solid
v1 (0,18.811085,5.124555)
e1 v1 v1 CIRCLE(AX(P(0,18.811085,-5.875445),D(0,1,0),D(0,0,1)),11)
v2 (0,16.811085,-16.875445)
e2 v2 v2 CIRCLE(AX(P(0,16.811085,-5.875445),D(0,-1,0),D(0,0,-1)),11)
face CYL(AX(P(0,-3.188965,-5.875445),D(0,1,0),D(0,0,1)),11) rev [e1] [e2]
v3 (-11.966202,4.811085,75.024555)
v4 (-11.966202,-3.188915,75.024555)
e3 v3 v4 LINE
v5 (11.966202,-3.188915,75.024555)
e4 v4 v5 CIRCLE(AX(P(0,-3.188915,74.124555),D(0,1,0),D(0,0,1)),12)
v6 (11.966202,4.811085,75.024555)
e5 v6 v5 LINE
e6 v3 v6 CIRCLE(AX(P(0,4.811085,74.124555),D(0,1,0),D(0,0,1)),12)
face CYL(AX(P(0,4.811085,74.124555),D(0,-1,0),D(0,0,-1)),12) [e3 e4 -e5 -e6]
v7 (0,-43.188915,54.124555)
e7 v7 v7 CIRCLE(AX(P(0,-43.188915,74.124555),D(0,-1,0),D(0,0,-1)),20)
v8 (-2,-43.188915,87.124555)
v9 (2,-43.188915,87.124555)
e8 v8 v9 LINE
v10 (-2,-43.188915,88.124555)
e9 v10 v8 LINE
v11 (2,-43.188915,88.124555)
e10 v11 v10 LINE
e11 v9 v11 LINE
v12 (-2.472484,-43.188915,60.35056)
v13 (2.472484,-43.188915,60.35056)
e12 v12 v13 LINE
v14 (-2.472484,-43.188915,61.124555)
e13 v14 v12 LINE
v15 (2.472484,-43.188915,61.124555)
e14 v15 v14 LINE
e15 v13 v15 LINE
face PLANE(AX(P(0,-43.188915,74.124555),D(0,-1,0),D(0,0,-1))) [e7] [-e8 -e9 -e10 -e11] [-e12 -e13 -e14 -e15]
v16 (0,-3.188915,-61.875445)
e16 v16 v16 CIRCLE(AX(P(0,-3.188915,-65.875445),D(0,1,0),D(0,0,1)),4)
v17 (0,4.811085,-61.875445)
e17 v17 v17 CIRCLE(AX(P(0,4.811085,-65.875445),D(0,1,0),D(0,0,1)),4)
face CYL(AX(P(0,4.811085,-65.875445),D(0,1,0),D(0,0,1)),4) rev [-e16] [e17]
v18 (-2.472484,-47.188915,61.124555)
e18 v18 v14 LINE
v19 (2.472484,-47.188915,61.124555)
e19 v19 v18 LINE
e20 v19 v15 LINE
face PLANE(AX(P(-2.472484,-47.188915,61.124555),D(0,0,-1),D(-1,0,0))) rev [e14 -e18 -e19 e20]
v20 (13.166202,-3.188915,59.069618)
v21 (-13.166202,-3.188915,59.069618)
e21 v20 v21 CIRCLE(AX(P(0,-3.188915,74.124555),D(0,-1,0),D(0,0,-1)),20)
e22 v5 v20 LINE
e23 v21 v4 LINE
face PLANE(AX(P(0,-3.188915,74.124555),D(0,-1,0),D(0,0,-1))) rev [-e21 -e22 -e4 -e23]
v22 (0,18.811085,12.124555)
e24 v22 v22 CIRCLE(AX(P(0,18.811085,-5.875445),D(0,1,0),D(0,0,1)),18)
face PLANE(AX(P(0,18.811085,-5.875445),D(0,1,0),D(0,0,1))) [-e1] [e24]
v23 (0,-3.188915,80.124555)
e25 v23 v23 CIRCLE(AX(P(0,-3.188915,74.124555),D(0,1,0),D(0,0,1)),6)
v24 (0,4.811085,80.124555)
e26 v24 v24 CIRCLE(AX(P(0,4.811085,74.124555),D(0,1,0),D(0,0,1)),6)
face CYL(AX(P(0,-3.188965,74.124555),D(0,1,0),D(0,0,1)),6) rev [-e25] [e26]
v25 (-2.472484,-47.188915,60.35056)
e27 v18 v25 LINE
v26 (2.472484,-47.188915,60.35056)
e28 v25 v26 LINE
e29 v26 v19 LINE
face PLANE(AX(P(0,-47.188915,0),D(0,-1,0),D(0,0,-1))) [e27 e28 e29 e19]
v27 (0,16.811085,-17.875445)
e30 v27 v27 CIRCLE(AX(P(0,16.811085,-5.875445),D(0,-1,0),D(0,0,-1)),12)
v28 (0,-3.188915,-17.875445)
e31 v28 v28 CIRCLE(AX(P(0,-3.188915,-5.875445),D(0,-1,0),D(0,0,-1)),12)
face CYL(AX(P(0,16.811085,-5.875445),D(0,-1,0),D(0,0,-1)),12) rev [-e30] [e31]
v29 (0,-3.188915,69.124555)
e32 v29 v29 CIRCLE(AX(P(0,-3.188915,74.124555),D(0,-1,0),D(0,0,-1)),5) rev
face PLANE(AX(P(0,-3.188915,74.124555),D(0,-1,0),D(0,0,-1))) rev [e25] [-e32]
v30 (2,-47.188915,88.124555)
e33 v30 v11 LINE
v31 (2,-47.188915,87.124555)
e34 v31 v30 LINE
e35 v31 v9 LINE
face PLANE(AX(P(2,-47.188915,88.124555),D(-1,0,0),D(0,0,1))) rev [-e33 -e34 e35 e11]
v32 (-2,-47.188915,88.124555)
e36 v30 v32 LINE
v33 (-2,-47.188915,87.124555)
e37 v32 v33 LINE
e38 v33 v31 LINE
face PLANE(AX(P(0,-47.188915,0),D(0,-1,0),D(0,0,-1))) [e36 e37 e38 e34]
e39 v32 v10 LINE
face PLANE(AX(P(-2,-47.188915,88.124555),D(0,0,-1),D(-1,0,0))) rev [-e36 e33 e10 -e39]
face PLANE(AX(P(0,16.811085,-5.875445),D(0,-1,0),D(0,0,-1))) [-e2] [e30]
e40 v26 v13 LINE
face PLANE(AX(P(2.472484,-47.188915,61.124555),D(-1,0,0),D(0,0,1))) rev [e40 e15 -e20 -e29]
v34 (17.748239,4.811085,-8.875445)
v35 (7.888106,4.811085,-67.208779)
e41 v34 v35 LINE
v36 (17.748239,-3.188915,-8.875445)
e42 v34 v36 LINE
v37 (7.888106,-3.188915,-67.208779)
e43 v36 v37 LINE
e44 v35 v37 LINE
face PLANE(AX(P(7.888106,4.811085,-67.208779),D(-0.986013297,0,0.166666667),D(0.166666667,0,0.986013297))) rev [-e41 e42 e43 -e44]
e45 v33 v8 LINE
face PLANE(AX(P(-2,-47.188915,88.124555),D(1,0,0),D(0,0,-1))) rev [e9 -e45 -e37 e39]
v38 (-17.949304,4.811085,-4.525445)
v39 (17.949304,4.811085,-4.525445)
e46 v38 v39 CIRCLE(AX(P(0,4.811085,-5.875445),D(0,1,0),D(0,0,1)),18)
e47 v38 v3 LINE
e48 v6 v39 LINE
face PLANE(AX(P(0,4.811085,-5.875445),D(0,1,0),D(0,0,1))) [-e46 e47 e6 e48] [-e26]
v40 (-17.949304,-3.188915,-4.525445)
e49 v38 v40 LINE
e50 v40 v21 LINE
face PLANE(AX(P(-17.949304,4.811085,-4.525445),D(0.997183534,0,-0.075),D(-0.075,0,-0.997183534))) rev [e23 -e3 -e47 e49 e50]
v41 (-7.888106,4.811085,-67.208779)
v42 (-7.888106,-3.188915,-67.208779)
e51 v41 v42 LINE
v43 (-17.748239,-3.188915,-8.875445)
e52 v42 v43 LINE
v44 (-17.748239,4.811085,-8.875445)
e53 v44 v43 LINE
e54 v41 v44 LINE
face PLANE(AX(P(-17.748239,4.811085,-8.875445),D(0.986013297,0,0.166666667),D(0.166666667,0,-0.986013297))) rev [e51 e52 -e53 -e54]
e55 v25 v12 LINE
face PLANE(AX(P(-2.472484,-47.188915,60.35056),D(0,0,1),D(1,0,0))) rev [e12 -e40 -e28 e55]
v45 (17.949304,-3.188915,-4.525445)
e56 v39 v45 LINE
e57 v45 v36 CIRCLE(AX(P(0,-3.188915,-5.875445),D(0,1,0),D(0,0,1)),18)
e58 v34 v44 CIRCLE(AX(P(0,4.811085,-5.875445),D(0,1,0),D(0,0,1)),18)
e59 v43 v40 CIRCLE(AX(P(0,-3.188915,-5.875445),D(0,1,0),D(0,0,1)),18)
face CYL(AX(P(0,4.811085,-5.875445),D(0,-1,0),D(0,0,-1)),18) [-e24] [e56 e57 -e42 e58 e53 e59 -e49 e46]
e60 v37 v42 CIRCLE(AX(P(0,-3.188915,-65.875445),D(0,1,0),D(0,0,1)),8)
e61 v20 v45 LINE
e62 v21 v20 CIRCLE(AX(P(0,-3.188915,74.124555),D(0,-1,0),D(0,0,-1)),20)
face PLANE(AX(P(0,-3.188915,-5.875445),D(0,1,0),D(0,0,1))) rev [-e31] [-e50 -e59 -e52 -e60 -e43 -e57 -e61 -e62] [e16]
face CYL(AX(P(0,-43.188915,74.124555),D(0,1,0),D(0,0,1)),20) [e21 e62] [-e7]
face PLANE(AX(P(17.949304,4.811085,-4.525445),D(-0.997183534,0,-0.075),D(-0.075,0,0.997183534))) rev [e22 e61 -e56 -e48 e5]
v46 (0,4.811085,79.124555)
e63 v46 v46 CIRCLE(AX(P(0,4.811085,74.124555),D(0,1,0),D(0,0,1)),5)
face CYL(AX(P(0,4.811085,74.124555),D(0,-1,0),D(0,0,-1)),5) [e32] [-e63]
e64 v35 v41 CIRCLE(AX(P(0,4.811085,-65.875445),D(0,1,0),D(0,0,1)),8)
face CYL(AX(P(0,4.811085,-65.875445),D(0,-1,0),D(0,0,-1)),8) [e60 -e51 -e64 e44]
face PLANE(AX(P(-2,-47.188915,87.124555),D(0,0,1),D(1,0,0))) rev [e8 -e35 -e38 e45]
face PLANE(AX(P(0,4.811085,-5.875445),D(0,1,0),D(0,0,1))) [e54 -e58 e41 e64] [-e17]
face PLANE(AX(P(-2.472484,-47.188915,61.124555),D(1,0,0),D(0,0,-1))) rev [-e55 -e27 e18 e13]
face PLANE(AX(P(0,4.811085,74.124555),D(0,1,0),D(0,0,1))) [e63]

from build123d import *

# Parameters (mm, degrees)
EXTRUDE_1_DEPTH       = 4
SKETCH_3_R            = 9
EXTRUDE_2_DEPTH       = 7
SKETCH_4_R            = 3
CUT_EXTRUDE_1_DEPTH   = 48.391982444
SKETCH_5_R            = 6
CUT_EXTRUDE_2_DEPTH   = 10
SKETCH_7_R            = 5.5
CUT_EXTRUDE_3_DEPTH   = 49.145612469
HOLE_WIZARD_4_0_4_1_D = 4
SCALE1_SCALE          = 2
SKETCH1_R             = 20
EXTRUDE1_DEPTH        = 40
SKETCH2_R             = 5
EXTRUDE2_DEPTH        = 8
SKETCH3_W             = 4
SKETCH3_H             = 1
SKETCH3_W_2           = 4.944968004
SKETCH3_H_2           = 0.773994992
EXTRUDE3_DEPTH        = 4


with BuildPart() as part:
    # 草图1 → 凸台-拉伸1 (new body)
    with BuildSketch(Plane(origin=(0, 0, 0), x_dir=(1, 0, 0), z_dir=(0, 1, 0))):
        with BuildLine():
            Line((-8.974651804, -0.675), (-5.983101203, -40.45))
            ThreePointArc((-5.983101203, -40.45), (0, -46), (5.983101203, -40.45))
            Line((5.983101203, -40.45), (8.974651804, -0.675))
            ThreePointArc((8.974651804, -0.675), (8.990401386, 0.415551353), (8.874119675, 1.5))
            Line((8.874119675, 1.5), (3.944053189, 30.666666667))
            ThreePointArc((3.944053189, 30.666666667), (0, 34), (-3.944053189, 30.666666667))
            Line((-3.944053189, 30.666666667), (-8.874119675, 1.5))
            ThreePointArc((-8.874119675, 1.5), (-8.990401386, 0.415551353), (-8.974651804, -0.675))
        make_face()
    extrude(amount=EXTRUDE_1_DEPTH)

    # 草图3 → 凸台-拉伸2 (add)
    with BuildSketch(Plane(origin=(0, 4, 0), x_dir=(1, 0, 0), z_dir=(0, 1, 0))):
        with Locations(Location((0, 0, 0), (0, 0, 9.594068227))):
            Circle(SKETCH_3_R)
    extrude(amount=EXTRUDE_2_DEPTH)

    # 草图4 → 切除-拉伸1 (cut, through all)
    with BuildSketch(Plane(origin=(0, 4, 0), x_dir=(1, 0, 0), z_dir=(0, 1, 0))):
        with Locations(Location((0, -40, 0), (0, 0, 270))):
            Circle(SKETCH_4_R)
    extrude(amount=-CUT_EXTRUDE_1_DEPTH, mode=Mode.SUBTRACT)

    # 草图5 → 切除-拉伸2 (cut)
    with BuildSketch(Plane.XZ):
        with Locations(Location((0, 0, 0), (0, 0, 270))):
            Circle(SKETCH_5_R)
    extrude(amount=-CUT_EXTRUDE_2_DEPTH, mode=Mode.SUBTRACT)

    # 草图7 → 切除-拉伸3 (cut, through all)
    with BuildSketch(Plane(origin=(0, 11, 0), x_dir=(1, 0, 0), z_dir=(0, 1, 0))):
        with Locations(Location((0, 0, 0), (0, 0, 270))):
            Circle(SKETCH_7_R)
    extrude(amount=-CUT_EXTRUDE_3_DEPTH, mode=Mode.SUBTRACT)

    # Ø4.0 (4) 直径孔1 (through all)
    with Locations(Plane(origin=(0, 4, 0), x_dir=(1, 0, 0), z_dir=(0, 1, 0))):
        with Locations((0, 30)):
            Hole(HOLE_WIZARD_4_0_4_1_D / 2)


with BuildPart() as part_1:
    # Scale1: scaled about (0, 3.188915264, 5.875445323)
    add(part.part.scale(SCALE1_SCALE).moved(Location((0, -3.188915264, -5.875445323))))

    # Sketch1 → Extrude1 (add)
    with BuildSketch(Plane.XZ.offset(3.188915264)):
        with Locations(Location((0, 74.124554677, 0), (0, 0, 228.828880049))):
            Circle(SKETCH1_R)
    extrude(amount=EXTRUDE1_DEPTH)

    # Sketch2 → Extrude2 (add)
    with BuildSketch(Plane(origin=(0, -3.188915264, 0), x_dir=(1, 0, 0), z_dir=(0, 1, 0))):
        with Locations(Location((0, -74.124554677, 0), (0, 0, 90))):
            Circle(SKETCH2_R)
    extrude(amount=EXTRUDE2_DEPTH)

    # Sketch3 → Extrude3 (add)
    with BuildSketch(Plane.XZ.offset(43.188915264)):
        with Locations((0, 87.624554677)):
            Rectangle(SKETCH3_W, SKETCH3_H)
        with Locations((0, 60.737557181)):
            Rectangle(SKETCH3_W_2, SKETCH3_H_2)
    extrude(amount=EXTRUDE3_DEPTH)


solid = part_1.part
